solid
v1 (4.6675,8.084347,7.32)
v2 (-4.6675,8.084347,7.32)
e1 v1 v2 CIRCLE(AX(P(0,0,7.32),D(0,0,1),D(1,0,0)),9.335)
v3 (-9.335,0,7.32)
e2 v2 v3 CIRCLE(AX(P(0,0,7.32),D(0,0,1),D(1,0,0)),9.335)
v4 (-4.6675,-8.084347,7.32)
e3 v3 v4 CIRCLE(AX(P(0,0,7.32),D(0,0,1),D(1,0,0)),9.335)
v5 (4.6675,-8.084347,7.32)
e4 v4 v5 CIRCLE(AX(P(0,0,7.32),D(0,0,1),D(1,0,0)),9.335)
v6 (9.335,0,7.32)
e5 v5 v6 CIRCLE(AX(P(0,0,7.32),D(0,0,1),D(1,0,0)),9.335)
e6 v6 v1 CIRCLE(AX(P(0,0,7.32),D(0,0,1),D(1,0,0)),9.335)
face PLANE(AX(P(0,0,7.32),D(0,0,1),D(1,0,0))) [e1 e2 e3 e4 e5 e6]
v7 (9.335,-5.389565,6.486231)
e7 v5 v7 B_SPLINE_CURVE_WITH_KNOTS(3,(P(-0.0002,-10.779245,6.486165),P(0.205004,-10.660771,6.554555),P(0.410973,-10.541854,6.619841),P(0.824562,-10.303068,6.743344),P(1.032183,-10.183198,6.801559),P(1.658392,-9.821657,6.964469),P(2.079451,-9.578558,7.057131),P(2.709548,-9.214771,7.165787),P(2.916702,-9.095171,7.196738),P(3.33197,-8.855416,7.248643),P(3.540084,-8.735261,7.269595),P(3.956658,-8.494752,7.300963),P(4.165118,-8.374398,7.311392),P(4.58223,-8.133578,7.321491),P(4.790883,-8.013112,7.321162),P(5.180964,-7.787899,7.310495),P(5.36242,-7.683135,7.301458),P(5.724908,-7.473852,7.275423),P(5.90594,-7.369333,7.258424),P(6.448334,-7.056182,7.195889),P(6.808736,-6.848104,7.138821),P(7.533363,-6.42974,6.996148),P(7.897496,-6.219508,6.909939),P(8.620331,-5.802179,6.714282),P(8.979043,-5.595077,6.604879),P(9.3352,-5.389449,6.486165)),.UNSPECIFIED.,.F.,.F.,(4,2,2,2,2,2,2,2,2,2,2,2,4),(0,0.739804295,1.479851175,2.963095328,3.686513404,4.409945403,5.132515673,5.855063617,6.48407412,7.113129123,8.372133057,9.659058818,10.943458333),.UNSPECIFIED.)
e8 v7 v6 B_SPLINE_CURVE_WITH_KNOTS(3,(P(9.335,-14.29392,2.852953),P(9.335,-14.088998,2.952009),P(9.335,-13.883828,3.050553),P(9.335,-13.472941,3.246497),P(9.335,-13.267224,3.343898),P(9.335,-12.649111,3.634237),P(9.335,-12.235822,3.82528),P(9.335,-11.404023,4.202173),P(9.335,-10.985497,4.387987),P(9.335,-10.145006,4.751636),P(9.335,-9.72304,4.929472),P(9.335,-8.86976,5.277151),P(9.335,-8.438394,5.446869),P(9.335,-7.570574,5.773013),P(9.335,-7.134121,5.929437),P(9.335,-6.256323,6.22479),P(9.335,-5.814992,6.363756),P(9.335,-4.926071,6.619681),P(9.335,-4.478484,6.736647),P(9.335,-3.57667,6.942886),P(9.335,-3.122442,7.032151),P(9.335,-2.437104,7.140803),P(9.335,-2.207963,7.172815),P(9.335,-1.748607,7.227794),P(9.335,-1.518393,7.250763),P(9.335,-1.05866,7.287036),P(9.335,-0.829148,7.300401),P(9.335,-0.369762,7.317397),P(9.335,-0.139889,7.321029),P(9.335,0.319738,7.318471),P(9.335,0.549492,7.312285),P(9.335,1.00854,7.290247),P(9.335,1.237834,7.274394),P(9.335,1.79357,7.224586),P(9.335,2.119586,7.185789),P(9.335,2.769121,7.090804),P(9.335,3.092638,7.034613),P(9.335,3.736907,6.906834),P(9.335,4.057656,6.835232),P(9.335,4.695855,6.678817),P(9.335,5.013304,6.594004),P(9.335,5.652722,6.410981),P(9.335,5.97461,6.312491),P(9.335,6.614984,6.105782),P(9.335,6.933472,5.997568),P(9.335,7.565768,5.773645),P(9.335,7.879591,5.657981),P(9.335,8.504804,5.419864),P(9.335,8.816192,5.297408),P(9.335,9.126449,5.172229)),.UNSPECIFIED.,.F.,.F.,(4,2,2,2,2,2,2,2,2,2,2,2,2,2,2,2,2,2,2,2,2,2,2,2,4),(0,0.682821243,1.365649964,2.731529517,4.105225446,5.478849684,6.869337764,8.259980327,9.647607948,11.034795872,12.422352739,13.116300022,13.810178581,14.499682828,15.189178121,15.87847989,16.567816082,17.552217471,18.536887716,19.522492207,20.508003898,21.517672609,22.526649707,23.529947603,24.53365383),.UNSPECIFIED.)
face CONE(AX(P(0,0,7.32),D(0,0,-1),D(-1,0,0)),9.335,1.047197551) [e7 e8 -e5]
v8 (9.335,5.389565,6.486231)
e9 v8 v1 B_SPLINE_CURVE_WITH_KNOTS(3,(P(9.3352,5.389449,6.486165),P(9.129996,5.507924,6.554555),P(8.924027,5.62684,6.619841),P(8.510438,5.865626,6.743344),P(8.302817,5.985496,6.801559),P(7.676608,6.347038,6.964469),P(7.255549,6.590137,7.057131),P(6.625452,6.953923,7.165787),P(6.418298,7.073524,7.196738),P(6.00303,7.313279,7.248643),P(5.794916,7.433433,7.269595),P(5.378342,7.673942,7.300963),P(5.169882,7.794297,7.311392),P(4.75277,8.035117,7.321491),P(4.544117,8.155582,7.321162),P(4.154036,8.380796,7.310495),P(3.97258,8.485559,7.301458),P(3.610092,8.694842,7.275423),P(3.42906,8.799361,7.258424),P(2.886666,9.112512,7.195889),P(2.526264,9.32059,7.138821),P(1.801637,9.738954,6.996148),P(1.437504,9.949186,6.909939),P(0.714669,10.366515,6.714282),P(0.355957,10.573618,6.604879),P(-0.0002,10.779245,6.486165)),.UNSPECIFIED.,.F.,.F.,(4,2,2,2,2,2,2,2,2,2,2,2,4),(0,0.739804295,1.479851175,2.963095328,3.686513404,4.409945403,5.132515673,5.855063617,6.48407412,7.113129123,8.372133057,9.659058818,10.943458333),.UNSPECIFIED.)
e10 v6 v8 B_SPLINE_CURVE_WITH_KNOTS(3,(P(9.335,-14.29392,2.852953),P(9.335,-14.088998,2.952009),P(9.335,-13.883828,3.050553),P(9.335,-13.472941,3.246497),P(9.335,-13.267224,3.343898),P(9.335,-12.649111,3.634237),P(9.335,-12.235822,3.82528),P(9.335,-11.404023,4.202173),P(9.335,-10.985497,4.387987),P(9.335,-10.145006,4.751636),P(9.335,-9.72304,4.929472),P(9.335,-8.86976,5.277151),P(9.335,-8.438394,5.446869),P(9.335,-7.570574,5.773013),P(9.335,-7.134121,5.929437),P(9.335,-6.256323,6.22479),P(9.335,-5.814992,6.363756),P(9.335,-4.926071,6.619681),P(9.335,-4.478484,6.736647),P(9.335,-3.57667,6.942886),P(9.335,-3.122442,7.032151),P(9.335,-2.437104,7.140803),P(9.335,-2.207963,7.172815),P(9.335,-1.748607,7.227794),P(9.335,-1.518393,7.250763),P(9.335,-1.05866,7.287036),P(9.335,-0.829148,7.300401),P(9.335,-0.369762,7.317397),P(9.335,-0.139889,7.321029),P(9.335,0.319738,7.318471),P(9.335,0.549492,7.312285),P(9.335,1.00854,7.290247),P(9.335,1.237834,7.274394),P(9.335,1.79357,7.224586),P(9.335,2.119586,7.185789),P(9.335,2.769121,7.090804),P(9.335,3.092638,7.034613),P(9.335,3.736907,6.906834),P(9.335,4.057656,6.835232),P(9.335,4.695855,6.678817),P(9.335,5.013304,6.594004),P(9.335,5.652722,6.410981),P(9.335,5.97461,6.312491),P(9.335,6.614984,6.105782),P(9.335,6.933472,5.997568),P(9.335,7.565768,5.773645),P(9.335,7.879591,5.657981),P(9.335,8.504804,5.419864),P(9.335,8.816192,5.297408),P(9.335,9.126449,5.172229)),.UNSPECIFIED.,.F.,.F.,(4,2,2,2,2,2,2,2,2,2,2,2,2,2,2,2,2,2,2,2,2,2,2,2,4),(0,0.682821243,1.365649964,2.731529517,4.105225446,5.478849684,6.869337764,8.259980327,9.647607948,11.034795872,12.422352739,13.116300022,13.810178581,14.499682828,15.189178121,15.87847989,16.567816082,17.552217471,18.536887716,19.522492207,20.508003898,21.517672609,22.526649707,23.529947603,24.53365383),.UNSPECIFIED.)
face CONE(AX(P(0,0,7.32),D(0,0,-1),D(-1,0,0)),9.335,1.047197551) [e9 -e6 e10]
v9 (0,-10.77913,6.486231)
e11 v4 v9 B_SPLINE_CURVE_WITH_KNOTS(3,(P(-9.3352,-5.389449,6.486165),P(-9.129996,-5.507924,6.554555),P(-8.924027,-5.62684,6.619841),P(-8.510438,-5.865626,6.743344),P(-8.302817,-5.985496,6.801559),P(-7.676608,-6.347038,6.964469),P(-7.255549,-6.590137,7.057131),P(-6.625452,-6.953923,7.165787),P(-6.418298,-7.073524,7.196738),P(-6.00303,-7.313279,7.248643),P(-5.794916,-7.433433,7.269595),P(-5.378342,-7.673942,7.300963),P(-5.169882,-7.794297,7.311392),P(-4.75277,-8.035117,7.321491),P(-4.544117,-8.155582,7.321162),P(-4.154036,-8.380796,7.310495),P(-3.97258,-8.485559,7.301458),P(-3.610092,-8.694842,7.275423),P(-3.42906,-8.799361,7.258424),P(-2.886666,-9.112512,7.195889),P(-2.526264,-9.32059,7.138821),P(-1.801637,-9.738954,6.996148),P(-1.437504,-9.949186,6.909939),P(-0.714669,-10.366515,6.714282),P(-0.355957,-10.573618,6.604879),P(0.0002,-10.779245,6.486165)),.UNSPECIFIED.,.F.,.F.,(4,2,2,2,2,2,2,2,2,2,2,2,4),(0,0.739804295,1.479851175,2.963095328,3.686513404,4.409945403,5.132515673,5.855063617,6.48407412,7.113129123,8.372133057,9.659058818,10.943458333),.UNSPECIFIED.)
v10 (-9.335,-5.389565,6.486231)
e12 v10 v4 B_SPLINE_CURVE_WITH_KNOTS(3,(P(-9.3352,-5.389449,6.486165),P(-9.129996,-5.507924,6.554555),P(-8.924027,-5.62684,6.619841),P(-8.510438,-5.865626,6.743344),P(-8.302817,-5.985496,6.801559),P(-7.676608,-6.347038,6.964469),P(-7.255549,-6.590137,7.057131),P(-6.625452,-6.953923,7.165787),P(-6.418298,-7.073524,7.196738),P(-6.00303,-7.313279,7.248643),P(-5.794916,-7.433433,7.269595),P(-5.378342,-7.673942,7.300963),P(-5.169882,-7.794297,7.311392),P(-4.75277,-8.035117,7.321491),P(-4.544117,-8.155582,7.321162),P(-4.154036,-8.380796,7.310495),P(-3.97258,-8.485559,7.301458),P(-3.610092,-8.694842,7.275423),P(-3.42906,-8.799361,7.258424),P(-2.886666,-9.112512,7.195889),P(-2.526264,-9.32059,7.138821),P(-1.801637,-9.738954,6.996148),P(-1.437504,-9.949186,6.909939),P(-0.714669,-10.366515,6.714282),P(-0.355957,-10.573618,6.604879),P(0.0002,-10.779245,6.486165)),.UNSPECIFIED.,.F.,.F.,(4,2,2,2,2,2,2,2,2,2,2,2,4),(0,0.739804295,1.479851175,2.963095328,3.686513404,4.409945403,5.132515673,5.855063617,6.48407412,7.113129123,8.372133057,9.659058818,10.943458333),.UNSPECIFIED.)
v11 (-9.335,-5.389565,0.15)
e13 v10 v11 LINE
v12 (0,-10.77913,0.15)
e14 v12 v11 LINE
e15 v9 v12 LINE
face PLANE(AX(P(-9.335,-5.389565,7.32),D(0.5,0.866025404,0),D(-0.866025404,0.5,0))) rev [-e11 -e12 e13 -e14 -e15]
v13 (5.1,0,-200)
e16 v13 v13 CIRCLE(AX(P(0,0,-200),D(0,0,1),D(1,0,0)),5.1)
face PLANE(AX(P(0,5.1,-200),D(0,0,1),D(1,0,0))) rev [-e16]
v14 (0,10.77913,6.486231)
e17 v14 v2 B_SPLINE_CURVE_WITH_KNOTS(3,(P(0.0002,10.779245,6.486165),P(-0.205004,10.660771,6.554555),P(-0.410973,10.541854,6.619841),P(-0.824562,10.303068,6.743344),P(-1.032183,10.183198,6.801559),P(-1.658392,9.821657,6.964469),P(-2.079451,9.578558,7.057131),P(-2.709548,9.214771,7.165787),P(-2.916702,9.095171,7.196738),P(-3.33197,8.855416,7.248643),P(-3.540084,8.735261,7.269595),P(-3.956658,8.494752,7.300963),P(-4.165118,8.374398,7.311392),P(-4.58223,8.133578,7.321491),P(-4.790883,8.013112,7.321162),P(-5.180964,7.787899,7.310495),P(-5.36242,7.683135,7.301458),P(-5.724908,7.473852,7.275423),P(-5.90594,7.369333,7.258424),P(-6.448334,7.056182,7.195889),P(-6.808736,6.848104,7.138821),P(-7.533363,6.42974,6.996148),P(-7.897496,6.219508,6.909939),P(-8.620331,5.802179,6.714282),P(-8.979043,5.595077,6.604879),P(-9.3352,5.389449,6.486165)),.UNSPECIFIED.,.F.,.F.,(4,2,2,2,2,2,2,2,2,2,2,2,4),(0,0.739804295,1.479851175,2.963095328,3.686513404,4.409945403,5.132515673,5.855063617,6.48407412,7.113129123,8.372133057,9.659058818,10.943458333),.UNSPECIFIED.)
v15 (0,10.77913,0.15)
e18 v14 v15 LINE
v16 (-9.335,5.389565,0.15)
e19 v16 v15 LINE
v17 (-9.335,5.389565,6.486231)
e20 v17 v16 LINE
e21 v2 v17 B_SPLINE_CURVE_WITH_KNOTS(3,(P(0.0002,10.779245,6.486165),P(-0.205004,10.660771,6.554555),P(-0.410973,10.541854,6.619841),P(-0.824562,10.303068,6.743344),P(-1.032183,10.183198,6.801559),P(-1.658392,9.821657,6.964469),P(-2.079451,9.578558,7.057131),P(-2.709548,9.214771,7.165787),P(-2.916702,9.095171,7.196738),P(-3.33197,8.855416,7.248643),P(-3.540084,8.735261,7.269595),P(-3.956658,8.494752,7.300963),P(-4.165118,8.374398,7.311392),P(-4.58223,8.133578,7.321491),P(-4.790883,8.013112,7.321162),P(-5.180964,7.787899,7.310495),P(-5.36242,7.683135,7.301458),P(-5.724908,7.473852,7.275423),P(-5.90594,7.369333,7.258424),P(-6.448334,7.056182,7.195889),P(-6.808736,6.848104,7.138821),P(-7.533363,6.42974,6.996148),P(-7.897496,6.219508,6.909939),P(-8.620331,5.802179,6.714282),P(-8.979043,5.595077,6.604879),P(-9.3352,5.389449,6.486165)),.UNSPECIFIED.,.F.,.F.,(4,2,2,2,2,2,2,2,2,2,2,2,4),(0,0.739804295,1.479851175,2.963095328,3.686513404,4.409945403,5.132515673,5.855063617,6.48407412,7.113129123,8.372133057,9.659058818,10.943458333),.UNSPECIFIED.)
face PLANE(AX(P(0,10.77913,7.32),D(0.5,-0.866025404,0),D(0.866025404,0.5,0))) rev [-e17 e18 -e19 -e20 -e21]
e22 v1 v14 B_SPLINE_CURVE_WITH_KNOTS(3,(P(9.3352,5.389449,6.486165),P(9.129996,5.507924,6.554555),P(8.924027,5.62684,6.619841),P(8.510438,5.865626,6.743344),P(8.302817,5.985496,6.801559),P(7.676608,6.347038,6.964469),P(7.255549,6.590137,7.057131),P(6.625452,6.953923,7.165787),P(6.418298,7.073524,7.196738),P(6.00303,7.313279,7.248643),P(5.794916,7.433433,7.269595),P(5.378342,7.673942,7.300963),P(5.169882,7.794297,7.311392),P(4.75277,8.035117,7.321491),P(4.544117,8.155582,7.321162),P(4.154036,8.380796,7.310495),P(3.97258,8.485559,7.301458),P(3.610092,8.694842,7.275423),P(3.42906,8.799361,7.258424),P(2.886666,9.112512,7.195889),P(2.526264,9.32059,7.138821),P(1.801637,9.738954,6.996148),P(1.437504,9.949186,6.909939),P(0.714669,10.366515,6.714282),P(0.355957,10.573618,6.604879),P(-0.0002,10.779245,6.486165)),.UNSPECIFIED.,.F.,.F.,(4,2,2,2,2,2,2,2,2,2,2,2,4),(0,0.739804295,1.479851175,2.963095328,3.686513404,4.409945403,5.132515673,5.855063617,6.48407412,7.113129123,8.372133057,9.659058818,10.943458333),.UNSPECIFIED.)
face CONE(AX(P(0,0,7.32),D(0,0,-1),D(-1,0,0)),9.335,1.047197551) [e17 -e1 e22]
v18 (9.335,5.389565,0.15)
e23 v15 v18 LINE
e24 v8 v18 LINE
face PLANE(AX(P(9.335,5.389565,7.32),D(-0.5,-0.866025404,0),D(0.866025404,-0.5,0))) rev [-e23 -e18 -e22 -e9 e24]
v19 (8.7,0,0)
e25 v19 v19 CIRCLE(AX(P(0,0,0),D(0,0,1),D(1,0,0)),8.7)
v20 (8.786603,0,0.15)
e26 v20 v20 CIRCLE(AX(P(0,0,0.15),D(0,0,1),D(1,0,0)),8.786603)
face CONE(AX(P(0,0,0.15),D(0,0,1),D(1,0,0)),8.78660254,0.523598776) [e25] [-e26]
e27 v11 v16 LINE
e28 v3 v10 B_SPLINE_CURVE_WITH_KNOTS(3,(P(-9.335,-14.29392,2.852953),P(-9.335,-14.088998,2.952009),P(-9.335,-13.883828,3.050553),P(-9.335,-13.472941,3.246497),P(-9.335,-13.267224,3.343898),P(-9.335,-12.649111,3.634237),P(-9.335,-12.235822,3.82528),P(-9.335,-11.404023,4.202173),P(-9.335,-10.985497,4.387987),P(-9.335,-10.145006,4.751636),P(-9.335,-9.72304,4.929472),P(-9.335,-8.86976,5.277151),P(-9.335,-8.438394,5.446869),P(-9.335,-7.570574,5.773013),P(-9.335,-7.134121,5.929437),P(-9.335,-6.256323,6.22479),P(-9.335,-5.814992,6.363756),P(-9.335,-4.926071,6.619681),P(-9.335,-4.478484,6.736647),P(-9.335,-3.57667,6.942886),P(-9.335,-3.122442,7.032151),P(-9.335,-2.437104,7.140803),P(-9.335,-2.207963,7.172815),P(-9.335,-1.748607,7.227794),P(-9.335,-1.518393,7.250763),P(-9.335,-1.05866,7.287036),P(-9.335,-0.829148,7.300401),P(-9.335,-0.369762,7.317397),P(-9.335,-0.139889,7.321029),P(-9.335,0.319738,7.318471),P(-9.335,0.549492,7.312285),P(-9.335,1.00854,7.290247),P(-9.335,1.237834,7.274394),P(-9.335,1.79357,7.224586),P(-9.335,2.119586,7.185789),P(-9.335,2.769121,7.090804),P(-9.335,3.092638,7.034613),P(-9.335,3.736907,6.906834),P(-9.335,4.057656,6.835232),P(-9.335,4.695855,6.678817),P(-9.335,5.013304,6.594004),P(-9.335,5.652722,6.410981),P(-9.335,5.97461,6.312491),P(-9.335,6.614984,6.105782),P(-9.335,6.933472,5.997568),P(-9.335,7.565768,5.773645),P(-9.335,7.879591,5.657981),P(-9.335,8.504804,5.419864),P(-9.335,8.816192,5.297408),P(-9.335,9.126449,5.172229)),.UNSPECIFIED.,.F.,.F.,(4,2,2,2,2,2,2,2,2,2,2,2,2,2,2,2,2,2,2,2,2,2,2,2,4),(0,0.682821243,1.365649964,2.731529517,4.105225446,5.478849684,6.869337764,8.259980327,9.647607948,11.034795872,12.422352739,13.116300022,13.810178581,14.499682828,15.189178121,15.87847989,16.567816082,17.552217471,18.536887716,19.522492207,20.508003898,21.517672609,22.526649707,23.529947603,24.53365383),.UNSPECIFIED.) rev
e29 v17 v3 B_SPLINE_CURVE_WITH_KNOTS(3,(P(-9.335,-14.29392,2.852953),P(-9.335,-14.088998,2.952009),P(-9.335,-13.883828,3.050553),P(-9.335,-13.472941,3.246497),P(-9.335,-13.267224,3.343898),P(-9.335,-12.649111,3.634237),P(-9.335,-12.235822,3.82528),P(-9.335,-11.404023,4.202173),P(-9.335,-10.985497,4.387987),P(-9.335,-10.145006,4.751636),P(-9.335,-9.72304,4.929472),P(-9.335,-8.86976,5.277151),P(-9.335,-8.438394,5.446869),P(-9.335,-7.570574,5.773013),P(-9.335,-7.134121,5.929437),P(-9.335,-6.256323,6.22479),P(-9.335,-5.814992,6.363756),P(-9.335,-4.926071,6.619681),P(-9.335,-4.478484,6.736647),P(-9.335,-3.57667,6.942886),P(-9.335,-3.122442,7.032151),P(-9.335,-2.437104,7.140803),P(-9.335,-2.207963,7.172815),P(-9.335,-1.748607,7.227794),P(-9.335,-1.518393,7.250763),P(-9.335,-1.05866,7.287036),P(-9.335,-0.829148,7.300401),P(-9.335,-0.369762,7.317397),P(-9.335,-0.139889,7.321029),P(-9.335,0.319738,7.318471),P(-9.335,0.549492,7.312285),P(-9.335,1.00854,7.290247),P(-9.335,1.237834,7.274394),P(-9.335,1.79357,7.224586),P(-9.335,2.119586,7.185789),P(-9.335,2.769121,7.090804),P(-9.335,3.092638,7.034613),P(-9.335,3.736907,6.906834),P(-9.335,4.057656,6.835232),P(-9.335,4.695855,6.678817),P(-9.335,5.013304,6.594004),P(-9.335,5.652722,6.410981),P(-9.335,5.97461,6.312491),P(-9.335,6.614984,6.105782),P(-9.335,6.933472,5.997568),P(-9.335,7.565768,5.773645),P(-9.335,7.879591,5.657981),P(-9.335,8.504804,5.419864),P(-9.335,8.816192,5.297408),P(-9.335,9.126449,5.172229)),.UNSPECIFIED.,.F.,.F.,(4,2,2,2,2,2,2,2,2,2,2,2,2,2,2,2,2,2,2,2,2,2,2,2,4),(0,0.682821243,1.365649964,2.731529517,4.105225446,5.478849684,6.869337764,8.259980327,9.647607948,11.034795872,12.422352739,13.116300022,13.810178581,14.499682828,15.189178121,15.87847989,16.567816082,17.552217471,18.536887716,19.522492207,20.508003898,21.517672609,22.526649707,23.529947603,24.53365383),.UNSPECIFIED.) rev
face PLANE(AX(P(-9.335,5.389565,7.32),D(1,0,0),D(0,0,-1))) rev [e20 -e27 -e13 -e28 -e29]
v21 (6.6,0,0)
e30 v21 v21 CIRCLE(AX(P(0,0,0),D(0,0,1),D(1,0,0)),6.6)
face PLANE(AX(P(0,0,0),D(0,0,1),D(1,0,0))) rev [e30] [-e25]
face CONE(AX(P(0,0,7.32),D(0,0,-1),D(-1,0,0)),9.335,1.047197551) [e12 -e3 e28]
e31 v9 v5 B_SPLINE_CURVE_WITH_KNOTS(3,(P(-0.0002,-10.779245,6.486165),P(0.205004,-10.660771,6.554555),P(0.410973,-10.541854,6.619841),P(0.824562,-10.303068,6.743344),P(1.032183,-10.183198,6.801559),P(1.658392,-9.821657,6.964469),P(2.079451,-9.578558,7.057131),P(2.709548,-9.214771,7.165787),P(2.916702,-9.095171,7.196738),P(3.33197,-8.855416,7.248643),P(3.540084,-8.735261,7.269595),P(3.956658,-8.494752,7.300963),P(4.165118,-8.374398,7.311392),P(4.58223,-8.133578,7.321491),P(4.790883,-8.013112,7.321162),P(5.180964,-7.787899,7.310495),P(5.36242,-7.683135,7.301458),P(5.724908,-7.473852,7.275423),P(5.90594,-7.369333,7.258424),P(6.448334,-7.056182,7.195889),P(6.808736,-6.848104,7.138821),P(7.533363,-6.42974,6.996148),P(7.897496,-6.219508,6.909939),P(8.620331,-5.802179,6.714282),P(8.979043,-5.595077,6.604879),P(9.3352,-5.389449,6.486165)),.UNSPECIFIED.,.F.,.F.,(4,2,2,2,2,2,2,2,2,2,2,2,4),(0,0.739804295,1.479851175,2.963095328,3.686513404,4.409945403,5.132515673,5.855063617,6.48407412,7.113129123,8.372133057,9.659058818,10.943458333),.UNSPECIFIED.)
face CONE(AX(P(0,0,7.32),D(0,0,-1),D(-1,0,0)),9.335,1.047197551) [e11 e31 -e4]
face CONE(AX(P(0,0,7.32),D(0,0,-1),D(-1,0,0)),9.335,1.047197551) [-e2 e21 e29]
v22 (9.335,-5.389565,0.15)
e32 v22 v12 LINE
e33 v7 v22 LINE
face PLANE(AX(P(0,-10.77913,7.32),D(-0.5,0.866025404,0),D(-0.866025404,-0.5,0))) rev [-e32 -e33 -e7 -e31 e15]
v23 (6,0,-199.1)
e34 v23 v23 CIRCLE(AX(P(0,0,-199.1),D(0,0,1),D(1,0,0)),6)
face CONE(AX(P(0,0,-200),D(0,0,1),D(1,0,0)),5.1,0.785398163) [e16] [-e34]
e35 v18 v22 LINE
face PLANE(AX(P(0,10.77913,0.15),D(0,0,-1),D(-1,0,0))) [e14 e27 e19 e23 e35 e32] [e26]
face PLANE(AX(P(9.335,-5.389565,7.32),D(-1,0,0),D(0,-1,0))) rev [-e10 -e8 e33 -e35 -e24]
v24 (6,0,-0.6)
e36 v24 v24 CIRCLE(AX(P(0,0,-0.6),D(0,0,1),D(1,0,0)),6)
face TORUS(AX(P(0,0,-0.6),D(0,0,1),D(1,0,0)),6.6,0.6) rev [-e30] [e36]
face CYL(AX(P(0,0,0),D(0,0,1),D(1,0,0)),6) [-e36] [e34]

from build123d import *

# Parameters (mm, degrees)
BOSS_EXTRUDE1_DEPTH = 7.32


with BuildPart() as part:
    # Sketch1 → Boss-Extrude1 (new body)
    with BuildSketch(Plane.XY):
        Polygon((0, 10.779129526), (-9.335, 5.389564763), (-9.335, -5.389564763), (0, -10.779129526), (9.335, -5.389564763), (9.335, 5.389564763), align=None)
    extrude(amount=BOSS_EXTRUDE1_DEPTH)

    # Sketch2 → Revolve1 (revolve)
    with BuildSketch(Plane(origin=(0, 0, 0), x_dir=(0, 0, -1), z_dir=(1, 0, 0))):
        with BuildLine():
            Line((0, 0), (0, 6.6))
            ThreePointArc((0, 6.6), (0.175735931, 6.175735931), (0.6, 6))
            Line((0.6, 6), (199.1, 6))
            Line((199.1, 6), (200, 5.1))
            Line((200, 5.1), (200, 0))
            Line((200, 0), (0, 0))
        make_face()
    revolve(axis=Axis((0, 0, 0), (0, 0, -1)))

    # Sketch3 → Cut-Revolve1 (revolve, cut)
    with BuildSketch(Plane(origin=(0, 0, 0), x_dir=(0, 0, -1), z_dir=(1, 0, 0))):
        Polygon((-7.32, 10.779129526), (-6.48623143, 10.779129526), (-7.32, 9.335), align=None)
        Polygon((-0.15, 10.779129526), (-0.15, 8.78660254), (0, 8.7), (0, 10.779129526), align=None)
    revolve(axis=Axis((0, 0, 12.204941078), (0, 0, -1)), mode=Mode.SUBTRACT)


solid = part.part
